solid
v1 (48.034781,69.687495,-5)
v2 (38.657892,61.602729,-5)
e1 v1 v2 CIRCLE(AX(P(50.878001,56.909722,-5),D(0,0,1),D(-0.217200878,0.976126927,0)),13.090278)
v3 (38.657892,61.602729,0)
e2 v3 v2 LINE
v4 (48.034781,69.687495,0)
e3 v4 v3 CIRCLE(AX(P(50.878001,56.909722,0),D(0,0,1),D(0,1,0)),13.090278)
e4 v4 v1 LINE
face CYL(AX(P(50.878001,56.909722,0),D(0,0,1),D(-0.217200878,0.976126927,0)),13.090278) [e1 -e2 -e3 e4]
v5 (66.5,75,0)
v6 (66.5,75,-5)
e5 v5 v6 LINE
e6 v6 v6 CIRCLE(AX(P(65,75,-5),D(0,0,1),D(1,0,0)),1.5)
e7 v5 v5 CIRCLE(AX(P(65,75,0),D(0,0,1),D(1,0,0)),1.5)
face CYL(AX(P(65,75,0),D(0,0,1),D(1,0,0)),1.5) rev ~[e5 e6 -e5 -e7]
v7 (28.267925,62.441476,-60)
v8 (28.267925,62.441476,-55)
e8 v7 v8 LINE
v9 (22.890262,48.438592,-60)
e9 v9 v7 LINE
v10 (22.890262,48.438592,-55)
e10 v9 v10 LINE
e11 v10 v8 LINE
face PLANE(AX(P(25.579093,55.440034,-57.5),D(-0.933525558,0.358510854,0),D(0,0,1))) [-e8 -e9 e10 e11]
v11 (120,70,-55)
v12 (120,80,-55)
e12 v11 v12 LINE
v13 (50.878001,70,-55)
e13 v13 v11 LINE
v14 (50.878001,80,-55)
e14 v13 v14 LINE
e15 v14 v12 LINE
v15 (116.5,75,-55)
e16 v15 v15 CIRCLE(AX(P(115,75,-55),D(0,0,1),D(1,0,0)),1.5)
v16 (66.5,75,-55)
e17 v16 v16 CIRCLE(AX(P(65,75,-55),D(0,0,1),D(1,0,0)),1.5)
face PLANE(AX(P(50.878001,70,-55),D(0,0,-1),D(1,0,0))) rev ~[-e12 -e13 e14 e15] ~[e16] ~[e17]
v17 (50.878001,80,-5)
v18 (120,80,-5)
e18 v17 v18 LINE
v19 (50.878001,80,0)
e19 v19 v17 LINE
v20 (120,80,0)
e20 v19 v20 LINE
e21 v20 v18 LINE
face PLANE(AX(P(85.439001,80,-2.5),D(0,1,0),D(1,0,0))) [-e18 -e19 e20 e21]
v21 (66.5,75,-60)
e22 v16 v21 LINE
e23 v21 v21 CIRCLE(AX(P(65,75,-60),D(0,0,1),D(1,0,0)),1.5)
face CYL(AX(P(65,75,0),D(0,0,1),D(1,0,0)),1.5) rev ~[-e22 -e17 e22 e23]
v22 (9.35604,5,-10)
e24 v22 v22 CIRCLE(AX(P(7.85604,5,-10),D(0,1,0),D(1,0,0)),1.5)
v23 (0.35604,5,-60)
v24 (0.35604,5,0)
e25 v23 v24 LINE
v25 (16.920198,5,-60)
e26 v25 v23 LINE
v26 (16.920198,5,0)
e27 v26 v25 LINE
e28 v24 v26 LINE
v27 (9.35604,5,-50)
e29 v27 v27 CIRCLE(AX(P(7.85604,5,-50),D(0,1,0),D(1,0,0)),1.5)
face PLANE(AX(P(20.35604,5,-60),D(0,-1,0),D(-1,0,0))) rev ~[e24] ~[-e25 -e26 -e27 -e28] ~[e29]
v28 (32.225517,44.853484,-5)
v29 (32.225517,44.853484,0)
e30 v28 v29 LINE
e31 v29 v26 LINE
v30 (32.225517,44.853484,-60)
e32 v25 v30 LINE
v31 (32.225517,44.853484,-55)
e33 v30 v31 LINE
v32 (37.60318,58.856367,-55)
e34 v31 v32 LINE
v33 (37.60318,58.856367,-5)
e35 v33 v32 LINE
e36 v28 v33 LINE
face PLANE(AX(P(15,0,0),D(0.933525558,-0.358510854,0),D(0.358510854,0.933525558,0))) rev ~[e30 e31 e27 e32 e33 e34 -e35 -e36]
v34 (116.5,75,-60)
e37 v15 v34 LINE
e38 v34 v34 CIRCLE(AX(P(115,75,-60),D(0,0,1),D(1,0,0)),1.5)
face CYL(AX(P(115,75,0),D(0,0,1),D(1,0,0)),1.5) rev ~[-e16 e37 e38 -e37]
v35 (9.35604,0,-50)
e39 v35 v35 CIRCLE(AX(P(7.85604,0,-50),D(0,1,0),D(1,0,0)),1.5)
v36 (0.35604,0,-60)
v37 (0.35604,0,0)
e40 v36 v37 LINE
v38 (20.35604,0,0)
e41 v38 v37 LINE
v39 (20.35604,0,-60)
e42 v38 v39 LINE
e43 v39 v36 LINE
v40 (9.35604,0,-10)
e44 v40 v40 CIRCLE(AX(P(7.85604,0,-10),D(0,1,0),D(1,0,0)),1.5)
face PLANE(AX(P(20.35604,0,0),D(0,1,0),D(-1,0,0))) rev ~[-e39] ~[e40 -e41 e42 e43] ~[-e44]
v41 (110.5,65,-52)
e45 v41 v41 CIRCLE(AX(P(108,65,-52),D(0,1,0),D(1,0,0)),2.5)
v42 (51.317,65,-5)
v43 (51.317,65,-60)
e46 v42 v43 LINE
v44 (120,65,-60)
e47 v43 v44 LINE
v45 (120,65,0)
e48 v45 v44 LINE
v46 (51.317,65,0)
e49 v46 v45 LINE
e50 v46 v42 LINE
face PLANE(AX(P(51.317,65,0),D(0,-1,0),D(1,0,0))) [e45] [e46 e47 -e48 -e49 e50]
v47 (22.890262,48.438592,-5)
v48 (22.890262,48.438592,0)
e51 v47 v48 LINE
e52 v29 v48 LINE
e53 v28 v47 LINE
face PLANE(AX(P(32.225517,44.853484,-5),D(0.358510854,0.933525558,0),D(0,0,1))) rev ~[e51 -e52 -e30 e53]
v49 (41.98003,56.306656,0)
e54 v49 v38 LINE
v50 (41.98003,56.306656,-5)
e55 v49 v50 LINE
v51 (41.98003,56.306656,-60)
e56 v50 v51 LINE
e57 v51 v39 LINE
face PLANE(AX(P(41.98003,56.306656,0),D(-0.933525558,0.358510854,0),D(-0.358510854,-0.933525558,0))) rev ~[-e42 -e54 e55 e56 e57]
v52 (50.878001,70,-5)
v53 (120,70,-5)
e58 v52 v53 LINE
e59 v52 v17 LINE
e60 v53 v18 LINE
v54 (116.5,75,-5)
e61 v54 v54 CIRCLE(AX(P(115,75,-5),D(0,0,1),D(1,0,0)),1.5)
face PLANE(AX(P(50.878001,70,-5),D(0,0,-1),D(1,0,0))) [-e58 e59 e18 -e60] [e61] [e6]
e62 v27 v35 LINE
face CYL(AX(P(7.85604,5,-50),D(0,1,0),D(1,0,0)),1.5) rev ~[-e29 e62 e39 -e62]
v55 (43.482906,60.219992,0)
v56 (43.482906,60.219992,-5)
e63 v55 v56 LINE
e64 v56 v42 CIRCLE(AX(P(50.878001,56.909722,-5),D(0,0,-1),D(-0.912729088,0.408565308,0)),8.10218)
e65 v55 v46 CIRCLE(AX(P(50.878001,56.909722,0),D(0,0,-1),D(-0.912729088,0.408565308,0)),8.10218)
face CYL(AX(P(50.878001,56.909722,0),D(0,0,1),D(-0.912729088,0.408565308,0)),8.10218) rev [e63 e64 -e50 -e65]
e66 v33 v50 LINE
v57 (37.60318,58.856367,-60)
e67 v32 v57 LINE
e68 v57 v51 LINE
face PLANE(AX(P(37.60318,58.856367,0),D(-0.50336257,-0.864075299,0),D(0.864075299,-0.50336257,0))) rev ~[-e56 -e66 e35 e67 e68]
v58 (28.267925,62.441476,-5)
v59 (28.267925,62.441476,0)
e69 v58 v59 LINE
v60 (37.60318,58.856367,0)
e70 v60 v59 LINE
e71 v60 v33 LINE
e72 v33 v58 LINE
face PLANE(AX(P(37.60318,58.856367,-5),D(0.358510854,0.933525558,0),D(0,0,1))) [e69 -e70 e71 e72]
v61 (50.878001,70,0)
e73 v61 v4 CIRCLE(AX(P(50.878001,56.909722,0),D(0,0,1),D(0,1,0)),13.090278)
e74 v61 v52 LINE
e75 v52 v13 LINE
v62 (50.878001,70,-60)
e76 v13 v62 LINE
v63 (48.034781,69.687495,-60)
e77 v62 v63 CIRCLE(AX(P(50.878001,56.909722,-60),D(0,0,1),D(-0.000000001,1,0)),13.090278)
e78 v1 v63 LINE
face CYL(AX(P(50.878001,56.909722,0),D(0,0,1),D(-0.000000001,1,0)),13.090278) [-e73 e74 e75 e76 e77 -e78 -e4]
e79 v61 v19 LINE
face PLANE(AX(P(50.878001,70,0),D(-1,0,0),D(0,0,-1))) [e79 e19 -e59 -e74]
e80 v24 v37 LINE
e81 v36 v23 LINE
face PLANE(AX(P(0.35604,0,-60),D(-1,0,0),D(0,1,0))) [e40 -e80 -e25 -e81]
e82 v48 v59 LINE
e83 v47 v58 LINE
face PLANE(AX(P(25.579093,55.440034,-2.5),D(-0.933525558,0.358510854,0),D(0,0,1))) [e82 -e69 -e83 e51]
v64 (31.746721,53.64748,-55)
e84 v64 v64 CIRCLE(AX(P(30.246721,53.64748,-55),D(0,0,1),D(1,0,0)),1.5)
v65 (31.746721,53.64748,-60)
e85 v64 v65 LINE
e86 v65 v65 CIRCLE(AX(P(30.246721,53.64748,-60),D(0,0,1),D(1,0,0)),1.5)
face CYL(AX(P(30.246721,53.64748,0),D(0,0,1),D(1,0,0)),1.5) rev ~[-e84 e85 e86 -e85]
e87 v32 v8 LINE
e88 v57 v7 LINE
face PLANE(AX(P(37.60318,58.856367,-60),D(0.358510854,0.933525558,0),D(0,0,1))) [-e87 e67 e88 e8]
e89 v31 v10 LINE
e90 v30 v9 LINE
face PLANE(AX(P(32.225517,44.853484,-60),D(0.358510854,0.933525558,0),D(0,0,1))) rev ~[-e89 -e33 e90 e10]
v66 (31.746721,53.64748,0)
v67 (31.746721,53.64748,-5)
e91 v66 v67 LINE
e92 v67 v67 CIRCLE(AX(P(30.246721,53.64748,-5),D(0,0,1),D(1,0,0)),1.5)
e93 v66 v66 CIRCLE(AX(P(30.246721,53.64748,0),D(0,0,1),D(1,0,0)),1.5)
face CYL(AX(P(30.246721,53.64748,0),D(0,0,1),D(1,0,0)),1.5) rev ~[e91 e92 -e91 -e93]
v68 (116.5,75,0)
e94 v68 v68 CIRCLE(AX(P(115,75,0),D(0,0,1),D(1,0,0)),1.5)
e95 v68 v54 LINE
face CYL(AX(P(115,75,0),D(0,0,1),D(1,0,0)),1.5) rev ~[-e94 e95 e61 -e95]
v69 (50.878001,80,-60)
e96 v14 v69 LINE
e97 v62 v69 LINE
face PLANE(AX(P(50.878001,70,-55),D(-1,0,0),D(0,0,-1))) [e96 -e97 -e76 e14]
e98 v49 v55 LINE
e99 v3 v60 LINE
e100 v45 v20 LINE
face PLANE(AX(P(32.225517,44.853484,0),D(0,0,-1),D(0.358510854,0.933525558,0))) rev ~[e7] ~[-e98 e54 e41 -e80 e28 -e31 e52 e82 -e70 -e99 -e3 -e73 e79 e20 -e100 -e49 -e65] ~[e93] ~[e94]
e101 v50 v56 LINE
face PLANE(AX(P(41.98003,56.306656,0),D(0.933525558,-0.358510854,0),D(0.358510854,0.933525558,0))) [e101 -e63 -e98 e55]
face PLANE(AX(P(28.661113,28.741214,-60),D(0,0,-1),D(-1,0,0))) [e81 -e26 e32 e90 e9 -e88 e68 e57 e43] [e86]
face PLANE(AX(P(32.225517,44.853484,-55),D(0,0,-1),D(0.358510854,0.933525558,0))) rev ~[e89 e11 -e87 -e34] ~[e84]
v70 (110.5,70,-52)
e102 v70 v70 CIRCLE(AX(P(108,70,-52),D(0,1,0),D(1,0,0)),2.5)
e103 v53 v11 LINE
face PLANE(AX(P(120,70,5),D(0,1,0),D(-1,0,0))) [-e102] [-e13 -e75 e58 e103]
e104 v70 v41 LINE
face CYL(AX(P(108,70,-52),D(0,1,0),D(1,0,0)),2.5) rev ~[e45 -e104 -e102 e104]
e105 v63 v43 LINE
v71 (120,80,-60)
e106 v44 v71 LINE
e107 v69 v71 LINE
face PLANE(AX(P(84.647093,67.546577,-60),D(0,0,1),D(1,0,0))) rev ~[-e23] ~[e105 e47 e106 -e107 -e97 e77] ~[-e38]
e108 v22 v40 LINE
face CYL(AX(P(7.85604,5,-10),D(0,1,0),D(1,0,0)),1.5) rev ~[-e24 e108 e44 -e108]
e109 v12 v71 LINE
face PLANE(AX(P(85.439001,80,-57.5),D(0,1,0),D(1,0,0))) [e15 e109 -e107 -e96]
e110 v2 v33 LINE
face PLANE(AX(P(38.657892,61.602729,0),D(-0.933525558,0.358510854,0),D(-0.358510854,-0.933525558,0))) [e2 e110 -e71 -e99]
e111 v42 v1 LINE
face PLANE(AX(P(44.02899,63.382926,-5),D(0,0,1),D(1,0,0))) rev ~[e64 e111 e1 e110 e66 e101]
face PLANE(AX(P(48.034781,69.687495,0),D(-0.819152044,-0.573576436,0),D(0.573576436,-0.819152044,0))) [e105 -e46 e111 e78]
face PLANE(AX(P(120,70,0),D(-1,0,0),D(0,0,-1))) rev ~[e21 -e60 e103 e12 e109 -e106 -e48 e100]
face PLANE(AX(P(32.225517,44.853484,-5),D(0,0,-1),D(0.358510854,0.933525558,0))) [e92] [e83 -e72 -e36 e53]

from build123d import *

# Parameters (mm, degrees)
SKETCH1_W               = 120
SKETCH1_H               = 100
BOSS_EXTRUDE1_DEPTH     = 5
SKETCH2_R               = 2.5
CUT_EXTRUDE1_DEPTH      = 6
CUT_EXTRUDE3_DEPTH      = 10
BOSS_EXTRUDE3_DEPTH     = 60
SKETCH8_W               = 20
SKETCH8_H               = 5
BOSS_EXTRUDE4_DEPTH     = 65
SKETCH9_R               = 2.5
CUT_EXTRUDE4_DEPTH      = 71
BOSS_EXTRUDE5_DEPTH     = 5
SKETCH11_W              = 5
SKETCH11_H              = 70
CUT_EXTRUDE6_DEPTH      = 1
CUT_EXTRUDE6_DEPTH_BACK = 120.643960247
SKETCH12_R              = 1.5
CUT_EXTRUDE7_DEPTH      = 66
CUT_EXTRUDE7_DEPTH_BACK = 6
SKETCH13_W              = 69.121998964
SKETCH13_H              = 5
BOSS_EXTRUDE6_DEPTH     = 10
SKETCH14_R              = 1.5
CUT_EXTRUDE8_DEPTH      = 61
SKETCH15_W              = 5
SKETCH15_H              = 15
BOSS_EXTRUDE7_DEPTH     = 10
SKETCH17_R              = 1.5
CUT_EXTRUDE9_DEPTH      = 61


with BuildPart() as part:
    # Sketch1 → Boss-Extrude1 (new body)
    with BuildSketch(Plane.XY):
        with Locations((60, 50)):
            Rectangle(SKETCH1_W, SKETCH1_H)
    extrude(amount=BOSS_EXTRUDE1_DEPTH)

    # Sketch2 → Cut-Extrude1 (cut, through all)
    with BuildSketch(Plane.XY.offset(5)):
        with Locations((50.878001036, 56.909722104)):
            Circle(SKETCH2_R)
        with BuildLine():
            ThreePointArc((85.579375435, 7.351023424), (95.403755905, 15.949898455), (103.154556632, 26.456286582))
            ThreePointArc((103.154556632, 26.456286582), (98.465291161, 44.232978888), (80.688598855, 39.543713418))
            ThreePointArc((80.688598855, 39.543713418), (76.268720755, 33.552467296), (70.66638809, 28.648976576))
            ThreePointArc((70.66638809, 28.648976576), (67.473905187, 10.543506327), (85.579375435, 7.351023424))
        make_face()
    extrude(amount=-CUT_EXTRUDE1_DEPTH, mode=Mode.SUBTRACT)

    # Sketch5 → Cut-Extrude3 (cut)
    with BuildSketch(Plane.XY.offset(5)):
        with BuildLine():
            Line((120, 70), (50.878001036, 70))
            ThreePointArc((50.878001036, 70), (43.464411706, 67.698330385), (38.657892056, 61.602728806))
            Line((38.657892056, 61.602728806), (15, 0))
            Line((15, 0), (0, 0))
            Line((0, 0), (0, 100))
            Line((0, 100), (120, 100))
            Line((120, 100), (120, 70))
        make_face()
    extrude(amount=-CUT_EXTRUDE3_DEPTH, mode=Mode.SUBTRACT)

    # Sketch7 → Boss-Extrude3 (add)
    with BuildSketch(Plane(origin=(0, 0, 0), x_dir=(-1, 0, 0), z_dir=(0, 0, -1))):
        Polygon((-15, 0), (-37.603180225, 58.856367181), (-41.980029807, 56.306656226), (-20.356039753, 0), align=None)
        with BuildLine():
            Line((-120, 70), (-50.878001036, 70))
            ThreePointArc((-50.878001036, 70), (-49.44782984, 69.92163917), (-48.034781184, 69.687494847))
            Line((-48.034781184, 69.687494847), (-51.317000411, 65))
            Line((-51.317000411, 65), (-120, 65))
            Line((-120, 65), (-120, 70))
        make_face()
    extrude(amount=BOSS_EXTRUDE3_DEPTH)

    # Sketch8 → Boss-Extrude4 (add, through all)
    with BuildSketch(Plane(origin=(0, 0, -60), x_dir=(-1, 0, 0), z_dir=(0, 0, -1))):
        with Locations((-10.356039753, 2.5)):
            Rectangle(SKETCH8_W, SKETCH8_H)
    extrude(amount=-BOSS_EXTRUDE4_DEPTH)

    # Sketch9 → Cut-Extrude4 (cut, through all)
    with BuildSketch(Plane(origin=(0, 70, 0), x_dir=(1, 0, 0), z_dir=(0, 1, 0))):
        with Locations((108, 52)):
            Circle(SKETCH9_R)
    extrude(amount=-CUT_EXTRUDE4_DEPTH, mode=Mode.SUBTRACT)

    # Sketch10 → Boss-Extrude5 (add)
    with BuildSketch(Plane(origin=(0, 0, 0), x_dir=(-1, 0, 0), z_dir=(0, 0, -1))):
        with BuildLine():
            Line((-38.657892056, 61.602728806), (-37.603180225, 58.856367181))
            Line((-37.603180225, 58.856367181), (-41.980029807, 56.306656226))
            Line((-41.980029807, 56.306656226), (-43.482905887, 60.219991674))
            ThreePointArc((-43.482905887, 60.219991674), (-46.657937411, 63.826106989), (-51.317000411, 65))
            Line((-51.317000411, 65), (-48.034781184, 69.687494847))
            ThreePointArc((-48.034781184, 69.687494847), (-42.330087293, 66.823780104), (-38.657892056, 61.602728806))
        make_face()
    extrude(amount=BOSS_EXTRUDE5_DEPTH)

    # Sketch11 → Cut-Extrude6 (cut, two sides)
    with BuildSketch(Plane(origin=(120, 0, 0), x_dir=(0, 0, -1), z_dir=(1, 0, 0))) as cut_extrude6_sk:
        with Locations((-2.5, 35)):
            Rectangle(SKETCH11_W, SKETCH11_H)
    extrude(amount=CUT_EXTRUDE6_DEPTH, mode=Mode.SUBTRACT)
    extrude(cut_extrude6_sk.sketch, amount=-CUT_EXTRUDE6_DEPTH_BACK, mode=Mode.SUBTRACT)

    # Sketch12 → Cut-Extrude7 (cut, two sides)
    with BuildSketch(Plane(origin=(0, 5, 0), x_dir=(1, 0, 0), z_dir=(0, 1, 0))) as cut_extrude7_sk:
        with Locations((7.856039753, 10)):
            Circle(SKETCH12_R)
        with Locations((7.856039753, 50)):
            Circle(SKETCH12_R)
    extrude(amount=CUT_EXTRUDE7_DEPTH, mode=Mode.SUBTRACT)
    extrude(cut_extrude7_sk.sketch, amount=-CUT_EXTRUDE7_DEPTH_BACK, mode=Mode.SUBTRACT)

    # Sketch13 → Boss-Extrude6 (add)
    with BuildSketch(Plane(origin=(0, 70, 0), x_dir=(1, 0, 0), z_dir=(0, 1, 0))):
        with Locations((85.439000518, 2.5)):
            Rectangle(SKETCH13_W, SKETCH13_H)
        with Locations((85.439000518, 57.5)):
            Rectangle(SKETCH13_W, SKETCH13_H)
    extrude(amount=BOSS_EXTRUDE6_DEPTH)

    # Sketch14 → Cut-Extrude8 (cut, through all)
    with BuildSketch(Plane.XY):
        with Locations((65, 75)):
            Circle(SKETCH14_R)
        with Locations((115, 75)):
            Circle(SKETCH14_R)
    extrude(amount=-CUT_EXTRUDE8_DEPTH, mode=Mode.SUBTRACT)

    # Sketch15 → Boss-Extrude7 (add)
    with BuildSketch(Plane(origin=(13.072049518, -5.020185671, 0), x_dir=(0, 0, 1), z_dir=(-0.933525558, 0.358510854, 0))):
        with Locations((-2.5, 60.925071268)):
            Rectangle(SKETCH15_W, SKETCH15_H)
        with Locations((-57.5, 60.925071268)):
            Rectangle(SKETCH15_W, SKETCH15_H)
    extrude(amount=BOSS_EXTRUDE7_DEPTH)

    # Sketch17 → Cut-Extrude9 (cut, through all)
    with BuildSketch(Plane.XY):
        with Locations((30.246721032, 53.647479763)):
            Circle(SKETCH17_R)
    extrude(amount=-CUT_EXTRUDE9_DEPTH, mode=Mode.SUBTRACT)


solid = part.part
